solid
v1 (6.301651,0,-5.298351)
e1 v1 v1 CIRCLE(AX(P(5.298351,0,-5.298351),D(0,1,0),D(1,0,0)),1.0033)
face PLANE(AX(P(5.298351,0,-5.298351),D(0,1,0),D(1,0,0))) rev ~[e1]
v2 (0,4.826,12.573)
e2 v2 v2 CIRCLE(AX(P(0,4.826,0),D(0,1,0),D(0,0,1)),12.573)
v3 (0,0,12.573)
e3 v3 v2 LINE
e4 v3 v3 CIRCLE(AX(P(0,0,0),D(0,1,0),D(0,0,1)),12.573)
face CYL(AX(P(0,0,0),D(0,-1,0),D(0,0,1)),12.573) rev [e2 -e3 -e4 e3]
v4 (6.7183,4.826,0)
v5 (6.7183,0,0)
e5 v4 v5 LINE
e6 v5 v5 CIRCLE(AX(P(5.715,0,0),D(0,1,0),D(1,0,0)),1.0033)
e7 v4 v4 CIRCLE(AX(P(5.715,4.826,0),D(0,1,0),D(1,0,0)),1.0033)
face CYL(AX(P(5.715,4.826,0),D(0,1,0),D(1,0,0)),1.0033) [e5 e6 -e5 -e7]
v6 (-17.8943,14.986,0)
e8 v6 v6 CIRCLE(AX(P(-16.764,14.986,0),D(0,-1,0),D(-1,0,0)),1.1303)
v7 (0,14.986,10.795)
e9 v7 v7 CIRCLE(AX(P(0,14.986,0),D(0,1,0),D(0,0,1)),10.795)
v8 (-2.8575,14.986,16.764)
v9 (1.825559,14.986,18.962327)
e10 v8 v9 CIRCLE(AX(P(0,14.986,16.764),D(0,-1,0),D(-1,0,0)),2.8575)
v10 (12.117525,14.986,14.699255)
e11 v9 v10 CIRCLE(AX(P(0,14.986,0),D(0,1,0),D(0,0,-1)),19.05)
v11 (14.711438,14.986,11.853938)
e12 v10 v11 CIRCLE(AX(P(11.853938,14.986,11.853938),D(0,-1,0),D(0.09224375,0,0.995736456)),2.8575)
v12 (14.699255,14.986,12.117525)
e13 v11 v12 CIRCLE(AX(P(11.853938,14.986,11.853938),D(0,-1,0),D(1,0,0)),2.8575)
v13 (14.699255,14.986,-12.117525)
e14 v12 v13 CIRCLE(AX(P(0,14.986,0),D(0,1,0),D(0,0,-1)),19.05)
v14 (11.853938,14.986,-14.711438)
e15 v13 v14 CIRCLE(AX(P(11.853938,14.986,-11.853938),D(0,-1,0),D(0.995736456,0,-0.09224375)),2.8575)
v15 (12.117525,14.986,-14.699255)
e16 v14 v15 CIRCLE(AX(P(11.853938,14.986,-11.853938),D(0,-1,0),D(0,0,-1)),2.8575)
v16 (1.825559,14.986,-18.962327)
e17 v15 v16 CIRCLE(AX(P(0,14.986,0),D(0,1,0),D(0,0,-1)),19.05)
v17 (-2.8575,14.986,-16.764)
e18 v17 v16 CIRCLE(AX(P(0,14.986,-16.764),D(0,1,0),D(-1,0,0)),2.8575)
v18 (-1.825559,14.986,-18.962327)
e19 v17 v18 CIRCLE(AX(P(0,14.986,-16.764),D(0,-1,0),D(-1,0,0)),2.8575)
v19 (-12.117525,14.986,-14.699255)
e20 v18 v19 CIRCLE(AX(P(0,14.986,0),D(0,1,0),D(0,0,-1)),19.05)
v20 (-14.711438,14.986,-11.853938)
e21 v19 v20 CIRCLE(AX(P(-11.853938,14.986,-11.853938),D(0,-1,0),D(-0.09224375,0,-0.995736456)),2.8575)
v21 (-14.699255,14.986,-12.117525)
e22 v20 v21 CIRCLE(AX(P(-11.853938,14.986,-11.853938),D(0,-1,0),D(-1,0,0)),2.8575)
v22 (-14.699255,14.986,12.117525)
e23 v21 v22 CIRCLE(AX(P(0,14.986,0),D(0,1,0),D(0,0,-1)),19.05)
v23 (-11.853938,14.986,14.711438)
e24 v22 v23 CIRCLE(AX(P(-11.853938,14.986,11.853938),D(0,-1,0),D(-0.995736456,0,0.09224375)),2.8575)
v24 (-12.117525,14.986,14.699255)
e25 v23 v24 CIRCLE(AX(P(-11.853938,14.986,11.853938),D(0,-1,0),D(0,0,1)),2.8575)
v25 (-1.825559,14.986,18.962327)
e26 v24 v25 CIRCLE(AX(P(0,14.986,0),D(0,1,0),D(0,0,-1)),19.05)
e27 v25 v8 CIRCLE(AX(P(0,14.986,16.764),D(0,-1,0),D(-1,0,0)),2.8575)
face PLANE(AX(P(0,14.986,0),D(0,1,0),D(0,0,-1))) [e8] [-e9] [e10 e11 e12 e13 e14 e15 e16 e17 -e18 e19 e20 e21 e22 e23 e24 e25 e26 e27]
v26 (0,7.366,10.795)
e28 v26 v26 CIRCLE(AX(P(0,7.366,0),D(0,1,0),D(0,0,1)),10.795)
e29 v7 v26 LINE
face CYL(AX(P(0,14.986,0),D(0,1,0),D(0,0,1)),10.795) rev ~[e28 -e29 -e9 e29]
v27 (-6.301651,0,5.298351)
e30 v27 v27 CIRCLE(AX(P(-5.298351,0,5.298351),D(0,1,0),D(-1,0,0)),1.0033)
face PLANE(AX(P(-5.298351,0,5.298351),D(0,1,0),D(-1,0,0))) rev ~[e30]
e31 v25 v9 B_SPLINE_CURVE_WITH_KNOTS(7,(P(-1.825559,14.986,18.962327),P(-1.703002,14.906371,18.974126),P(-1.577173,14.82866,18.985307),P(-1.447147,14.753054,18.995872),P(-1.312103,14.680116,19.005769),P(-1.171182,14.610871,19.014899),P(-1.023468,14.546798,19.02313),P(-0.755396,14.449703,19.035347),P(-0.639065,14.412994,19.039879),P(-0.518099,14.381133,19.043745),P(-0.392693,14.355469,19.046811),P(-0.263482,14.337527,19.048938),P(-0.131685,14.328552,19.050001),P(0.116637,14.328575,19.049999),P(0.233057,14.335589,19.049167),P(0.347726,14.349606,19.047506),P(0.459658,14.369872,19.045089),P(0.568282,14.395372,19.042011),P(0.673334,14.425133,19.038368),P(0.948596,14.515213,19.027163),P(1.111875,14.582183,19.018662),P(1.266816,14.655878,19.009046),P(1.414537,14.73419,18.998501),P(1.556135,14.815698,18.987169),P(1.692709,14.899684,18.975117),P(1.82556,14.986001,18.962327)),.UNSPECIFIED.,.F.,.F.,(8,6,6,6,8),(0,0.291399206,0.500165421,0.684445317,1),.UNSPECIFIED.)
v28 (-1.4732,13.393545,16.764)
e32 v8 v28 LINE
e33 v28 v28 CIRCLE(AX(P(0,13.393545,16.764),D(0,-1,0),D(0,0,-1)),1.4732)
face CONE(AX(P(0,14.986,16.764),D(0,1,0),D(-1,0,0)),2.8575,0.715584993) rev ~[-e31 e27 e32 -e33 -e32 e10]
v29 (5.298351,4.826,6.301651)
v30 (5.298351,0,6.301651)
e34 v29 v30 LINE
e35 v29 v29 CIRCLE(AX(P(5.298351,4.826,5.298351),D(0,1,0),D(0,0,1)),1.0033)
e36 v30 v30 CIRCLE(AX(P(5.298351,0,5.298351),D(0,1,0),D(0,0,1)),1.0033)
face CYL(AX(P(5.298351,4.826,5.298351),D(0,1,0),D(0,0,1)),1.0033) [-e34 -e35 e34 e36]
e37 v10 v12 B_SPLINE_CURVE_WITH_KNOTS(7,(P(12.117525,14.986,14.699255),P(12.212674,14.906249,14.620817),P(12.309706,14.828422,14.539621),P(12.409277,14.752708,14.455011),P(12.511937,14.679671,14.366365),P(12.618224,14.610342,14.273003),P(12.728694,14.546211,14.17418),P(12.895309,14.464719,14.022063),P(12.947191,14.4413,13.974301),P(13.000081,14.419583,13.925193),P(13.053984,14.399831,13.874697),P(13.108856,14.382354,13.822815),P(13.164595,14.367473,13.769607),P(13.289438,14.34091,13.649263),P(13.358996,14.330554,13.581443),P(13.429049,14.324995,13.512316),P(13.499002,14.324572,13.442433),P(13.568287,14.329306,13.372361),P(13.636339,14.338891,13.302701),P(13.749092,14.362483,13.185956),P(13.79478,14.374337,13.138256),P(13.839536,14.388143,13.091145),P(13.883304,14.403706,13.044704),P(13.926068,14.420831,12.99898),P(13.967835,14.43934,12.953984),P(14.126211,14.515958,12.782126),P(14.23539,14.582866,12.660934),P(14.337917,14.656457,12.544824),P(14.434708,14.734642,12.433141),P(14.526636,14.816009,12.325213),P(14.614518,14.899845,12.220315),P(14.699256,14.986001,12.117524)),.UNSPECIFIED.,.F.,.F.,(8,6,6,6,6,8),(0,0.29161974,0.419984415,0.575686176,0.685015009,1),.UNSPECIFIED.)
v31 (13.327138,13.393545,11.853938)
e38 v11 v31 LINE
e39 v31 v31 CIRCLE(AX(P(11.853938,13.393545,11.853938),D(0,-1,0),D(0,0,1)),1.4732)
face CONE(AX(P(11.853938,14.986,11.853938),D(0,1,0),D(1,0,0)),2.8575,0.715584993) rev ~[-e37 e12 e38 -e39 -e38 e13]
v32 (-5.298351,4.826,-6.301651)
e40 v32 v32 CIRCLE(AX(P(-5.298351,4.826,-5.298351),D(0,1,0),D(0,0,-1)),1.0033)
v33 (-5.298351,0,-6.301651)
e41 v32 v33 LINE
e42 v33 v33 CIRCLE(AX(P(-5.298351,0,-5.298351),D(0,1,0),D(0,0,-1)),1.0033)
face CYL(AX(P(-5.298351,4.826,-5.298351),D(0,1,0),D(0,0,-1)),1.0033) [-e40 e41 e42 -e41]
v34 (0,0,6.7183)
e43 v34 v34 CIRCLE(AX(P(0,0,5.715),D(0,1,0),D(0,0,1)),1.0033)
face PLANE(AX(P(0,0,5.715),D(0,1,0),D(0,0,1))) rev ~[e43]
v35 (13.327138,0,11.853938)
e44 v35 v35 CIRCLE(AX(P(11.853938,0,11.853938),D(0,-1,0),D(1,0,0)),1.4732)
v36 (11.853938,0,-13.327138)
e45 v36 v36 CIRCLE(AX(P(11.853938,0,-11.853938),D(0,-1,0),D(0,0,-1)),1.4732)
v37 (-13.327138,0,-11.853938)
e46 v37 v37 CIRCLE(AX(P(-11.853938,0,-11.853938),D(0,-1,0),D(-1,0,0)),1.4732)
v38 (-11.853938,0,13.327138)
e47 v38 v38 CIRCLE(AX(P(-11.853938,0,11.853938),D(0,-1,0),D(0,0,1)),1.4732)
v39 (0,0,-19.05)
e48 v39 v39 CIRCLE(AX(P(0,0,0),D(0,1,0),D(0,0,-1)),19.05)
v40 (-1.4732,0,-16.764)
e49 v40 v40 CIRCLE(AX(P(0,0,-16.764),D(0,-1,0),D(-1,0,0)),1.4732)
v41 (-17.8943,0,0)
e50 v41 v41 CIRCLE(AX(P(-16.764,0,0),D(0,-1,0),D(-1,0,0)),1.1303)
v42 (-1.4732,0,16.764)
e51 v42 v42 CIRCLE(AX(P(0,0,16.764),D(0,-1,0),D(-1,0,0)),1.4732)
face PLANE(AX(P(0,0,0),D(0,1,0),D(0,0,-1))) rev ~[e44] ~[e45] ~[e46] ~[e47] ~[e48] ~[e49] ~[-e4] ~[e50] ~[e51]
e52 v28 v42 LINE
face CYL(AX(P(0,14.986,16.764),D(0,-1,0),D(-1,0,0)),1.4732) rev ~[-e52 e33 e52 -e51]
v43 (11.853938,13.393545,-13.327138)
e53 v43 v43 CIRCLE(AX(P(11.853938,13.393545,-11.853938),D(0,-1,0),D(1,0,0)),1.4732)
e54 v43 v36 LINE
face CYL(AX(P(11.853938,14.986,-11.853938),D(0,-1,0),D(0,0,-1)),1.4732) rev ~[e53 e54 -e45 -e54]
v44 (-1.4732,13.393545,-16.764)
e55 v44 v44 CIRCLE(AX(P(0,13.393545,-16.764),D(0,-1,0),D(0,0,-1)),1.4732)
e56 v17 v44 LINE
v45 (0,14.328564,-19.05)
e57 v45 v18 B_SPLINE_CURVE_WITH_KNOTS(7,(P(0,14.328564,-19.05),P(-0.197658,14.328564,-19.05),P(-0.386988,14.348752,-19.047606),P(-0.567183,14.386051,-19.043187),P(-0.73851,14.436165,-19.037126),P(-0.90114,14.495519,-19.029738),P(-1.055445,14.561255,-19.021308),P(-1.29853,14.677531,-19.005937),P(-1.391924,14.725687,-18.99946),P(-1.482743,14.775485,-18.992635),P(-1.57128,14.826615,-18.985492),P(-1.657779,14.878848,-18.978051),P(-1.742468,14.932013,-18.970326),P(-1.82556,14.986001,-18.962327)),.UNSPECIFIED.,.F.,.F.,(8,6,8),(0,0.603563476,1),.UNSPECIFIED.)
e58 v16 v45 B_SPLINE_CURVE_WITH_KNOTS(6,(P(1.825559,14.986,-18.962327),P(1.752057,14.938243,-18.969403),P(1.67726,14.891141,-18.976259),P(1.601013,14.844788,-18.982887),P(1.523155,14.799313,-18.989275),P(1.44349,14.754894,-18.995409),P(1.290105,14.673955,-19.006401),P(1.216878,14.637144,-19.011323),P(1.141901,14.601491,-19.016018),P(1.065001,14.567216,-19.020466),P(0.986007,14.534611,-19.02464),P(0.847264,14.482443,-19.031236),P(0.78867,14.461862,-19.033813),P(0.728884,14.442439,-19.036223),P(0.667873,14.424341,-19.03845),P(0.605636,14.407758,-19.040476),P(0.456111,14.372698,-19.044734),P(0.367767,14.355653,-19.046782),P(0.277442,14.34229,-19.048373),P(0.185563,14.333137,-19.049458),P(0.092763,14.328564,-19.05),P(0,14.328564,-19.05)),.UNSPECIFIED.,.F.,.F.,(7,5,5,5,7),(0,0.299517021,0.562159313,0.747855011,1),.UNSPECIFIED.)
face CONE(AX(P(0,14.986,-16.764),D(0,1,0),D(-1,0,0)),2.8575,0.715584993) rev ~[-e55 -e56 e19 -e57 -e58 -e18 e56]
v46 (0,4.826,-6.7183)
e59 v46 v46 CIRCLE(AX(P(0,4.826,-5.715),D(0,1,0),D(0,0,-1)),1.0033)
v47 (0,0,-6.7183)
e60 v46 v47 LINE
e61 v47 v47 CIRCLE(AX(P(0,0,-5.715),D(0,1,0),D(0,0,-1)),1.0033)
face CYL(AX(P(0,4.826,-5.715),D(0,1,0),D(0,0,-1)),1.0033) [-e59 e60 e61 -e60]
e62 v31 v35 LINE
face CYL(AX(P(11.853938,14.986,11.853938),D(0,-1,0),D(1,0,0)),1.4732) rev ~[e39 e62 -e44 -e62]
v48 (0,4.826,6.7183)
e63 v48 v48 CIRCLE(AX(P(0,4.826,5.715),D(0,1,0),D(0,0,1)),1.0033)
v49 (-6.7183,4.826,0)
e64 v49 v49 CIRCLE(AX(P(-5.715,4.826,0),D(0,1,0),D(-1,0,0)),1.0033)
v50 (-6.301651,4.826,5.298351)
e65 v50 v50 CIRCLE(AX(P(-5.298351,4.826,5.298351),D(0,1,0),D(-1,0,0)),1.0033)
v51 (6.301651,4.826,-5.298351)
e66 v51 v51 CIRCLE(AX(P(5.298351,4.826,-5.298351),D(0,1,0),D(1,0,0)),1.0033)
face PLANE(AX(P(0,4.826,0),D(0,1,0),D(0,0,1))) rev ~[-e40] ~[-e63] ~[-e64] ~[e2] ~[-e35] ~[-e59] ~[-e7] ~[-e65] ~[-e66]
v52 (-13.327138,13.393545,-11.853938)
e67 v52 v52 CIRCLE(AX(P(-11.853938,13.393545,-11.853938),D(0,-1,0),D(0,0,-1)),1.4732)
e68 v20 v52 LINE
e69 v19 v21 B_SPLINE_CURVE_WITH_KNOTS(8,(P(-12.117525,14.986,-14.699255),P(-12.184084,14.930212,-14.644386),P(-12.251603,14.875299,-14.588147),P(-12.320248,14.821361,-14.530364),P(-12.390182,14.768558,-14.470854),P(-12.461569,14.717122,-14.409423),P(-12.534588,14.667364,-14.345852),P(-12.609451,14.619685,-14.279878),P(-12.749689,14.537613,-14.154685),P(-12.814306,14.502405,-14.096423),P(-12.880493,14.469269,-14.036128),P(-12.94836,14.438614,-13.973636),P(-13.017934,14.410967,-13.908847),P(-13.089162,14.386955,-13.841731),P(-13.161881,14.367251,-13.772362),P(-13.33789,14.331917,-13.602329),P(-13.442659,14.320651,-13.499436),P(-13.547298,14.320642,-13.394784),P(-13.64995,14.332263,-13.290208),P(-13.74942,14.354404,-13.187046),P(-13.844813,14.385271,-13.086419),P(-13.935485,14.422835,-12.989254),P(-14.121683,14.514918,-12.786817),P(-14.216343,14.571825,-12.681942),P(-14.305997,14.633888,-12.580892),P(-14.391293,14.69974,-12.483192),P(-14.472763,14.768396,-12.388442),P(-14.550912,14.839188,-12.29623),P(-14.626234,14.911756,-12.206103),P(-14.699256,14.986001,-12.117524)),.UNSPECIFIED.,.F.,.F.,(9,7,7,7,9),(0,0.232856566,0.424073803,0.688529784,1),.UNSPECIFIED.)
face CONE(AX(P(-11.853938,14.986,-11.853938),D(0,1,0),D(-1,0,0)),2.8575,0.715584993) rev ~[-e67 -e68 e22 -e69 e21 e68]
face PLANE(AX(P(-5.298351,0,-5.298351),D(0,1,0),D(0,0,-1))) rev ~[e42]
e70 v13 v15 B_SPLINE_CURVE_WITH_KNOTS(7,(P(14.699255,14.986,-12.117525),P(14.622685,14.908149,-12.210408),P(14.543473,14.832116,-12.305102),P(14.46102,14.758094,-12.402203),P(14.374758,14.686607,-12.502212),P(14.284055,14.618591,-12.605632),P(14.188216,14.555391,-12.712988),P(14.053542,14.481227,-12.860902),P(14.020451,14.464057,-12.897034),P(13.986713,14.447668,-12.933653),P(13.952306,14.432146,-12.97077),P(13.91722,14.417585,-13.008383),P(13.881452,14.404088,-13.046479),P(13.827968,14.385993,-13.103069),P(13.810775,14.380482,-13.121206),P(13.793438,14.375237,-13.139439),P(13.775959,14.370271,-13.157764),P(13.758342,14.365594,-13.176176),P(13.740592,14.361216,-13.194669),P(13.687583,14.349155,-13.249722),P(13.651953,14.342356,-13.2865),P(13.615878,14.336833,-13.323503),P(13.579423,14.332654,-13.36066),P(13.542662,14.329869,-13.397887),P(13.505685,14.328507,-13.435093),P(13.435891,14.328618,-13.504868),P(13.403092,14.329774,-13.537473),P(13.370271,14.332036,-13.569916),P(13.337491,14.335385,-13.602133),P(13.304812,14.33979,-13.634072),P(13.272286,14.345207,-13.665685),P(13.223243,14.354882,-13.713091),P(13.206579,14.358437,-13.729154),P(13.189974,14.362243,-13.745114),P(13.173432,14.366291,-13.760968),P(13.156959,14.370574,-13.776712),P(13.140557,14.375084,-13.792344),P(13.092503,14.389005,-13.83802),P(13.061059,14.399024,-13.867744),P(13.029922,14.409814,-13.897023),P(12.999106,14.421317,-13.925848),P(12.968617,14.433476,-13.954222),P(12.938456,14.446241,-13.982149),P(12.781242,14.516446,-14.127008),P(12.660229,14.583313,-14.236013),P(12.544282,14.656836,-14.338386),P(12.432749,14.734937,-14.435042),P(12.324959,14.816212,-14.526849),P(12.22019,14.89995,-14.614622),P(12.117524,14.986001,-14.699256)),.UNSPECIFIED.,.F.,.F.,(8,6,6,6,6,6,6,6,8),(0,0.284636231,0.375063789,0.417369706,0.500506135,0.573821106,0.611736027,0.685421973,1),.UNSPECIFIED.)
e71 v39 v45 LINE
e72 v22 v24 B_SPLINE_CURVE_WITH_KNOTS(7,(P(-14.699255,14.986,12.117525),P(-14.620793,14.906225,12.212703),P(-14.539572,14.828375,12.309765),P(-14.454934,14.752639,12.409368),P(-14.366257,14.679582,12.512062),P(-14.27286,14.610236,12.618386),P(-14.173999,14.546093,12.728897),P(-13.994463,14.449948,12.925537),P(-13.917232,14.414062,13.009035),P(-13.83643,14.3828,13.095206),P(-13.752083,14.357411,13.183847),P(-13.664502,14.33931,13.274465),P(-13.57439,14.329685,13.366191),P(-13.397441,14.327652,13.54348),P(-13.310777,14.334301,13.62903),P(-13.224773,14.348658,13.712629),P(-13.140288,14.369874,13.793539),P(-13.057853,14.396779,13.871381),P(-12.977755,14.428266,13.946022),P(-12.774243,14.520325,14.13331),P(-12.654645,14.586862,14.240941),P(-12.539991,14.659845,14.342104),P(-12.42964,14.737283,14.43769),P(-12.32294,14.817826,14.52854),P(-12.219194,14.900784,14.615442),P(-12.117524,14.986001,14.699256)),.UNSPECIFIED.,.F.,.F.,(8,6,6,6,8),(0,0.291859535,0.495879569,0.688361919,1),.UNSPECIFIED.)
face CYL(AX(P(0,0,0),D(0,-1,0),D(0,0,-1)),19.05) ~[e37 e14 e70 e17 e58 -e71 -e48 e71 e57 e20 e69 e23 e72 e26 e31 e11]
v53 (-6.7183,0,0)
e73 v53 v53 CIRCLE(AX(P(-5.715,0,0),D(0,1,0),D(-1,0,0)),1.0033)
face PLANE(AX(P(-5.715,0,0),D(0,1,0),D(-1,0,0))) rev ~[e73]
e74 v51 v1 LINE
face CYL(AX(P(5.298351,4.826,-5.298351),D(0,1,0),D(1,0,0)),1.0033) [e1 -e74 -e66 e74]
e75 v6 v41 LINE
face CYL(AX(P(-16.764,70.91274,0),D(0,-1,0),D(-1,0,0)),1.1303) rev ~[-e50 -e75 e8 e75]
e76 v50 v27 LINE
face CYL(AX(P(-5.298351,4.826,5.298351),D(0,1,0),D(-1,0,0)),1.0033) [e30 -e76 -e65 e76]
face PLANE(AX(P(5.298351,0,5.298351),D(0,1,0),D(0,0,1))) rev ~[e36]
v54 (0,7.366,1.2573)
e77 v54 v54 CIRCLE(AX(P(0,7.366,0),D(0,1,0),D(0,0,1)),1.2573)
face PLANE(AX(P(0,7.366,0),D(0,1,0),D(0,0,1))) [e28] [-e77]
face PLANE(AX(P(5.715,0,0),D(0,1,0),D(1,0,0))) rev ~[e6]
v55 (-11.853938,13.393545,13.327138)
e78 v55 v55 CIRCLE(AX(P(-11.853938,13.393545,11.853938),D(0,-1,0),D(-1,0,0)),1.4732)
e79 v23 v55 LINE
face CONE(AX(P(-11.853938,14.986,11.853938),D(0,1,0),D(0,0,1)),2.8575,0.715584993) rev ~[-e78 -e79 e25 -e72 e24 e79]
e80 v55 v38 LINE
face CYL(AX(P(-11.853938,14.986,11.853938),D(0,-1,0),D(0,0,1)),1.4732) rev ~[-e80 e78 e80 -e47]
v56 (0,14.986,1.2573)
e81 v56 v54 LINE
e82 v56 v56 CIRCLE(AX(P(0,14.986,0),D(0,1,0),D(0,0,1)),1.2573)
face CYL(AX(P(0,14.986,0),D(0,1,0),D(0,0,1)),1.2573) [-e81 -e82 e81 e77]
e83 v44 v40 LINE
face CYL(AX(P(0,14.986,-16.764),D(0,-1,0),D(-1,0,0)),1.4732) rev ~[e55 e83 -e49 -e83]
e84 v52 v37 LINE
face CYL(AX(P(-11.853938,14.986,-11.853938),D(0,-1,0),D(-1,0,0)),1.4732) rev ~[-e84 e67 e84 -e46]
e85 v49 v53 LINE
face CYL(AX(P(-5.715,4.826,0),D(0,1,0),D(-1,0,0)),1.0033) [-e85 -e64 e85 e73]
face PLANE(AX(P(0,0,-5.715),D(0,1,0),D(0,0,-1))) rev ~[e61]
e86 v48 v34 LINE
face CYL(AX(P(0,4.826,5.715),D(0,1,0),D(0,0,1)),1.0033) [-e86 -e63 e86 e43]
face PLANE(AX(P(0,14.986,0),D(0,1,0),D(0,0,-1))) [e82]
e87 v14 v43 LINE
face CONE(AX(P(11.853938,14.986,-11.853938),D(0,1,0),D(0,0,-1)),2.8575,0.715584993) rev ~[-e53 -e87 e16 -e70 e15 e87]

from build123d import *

# Parameters (mm, degrees)
OUTER_R                                        = 19.05
BODY_DEPTH                                     = 14.986
INNER_R                                        = 12.573
POCKET_DEPTH                                   = 4.826
CSK_FOR_4_FLAT_HEAD_MACHINE_SCREW1_D           = 2.9464
CSK_FOR_4_FLAT_HEAD_MACHINE_SCREW1_CSINK_D     = 5.715
CSK_FOR_4_FLAT_HEAD_MACHINE_SCREW1_CSINK_ANGLE = 82
SCREW_HOLES_COUNT                              = 4
POST_START                                     = 4.826
POST_SKETCH_R                                  = 1.0033
POST_DEPTH                                     = 4.826
POSTS_COUNT                                    = 4
CUT_EXTRUDE1_START                             = 14.986
SOLONOID_SKETCH_R                              = 10.795
SOLONOID_SKETCH_R_2                            = 1.2573
CUT_EXTRUDE1_DEPTH                             = 7.62
F_4_40_TAPPED_HOLE1_D                          = 2.2606


with BuildPart() as part:
    # outer → Body (new body)
    with BuildSketch(Plane(origin=(0, 0, 0), x_dir=(1, 0, 0), z_dir=(0, 1, 0))):
        with Locations(Location((0, 0, 0), (0, 0, 90))):
            Circle(OUTER_R)
    extrude(amount=BODY_DEPTH)

    # inner → Pocket (cut)
    with BuildSketch(Plane(origin=(0, 0, 0), x_dir=(1, 0, 0), z_dir=(0, 1, 0))):
        with Locations(Location((0, 0, 0), (0, 0, 270))):
            Circle(INNER_R)
    extrude(amount=POCKET_DEPTH, mode=Mode.SUBTRACT)

    # CSK for #4 Flat Head Machine Screw1 (through all)
    with Locations(Plane(origin=(0, 14.986, 0), x_dir=(1, 0, 0), z_dir=(0, 1, 0))):
        with Locations((-11.85393808, 11.85393808)):
            csk_for_4_flat_head_machine_screw1 = CounterSinkHole(CSK_FOR_4_FLAT_HEAD_MACHINE_SCREW1_D / 2, CSK_FOR_4_FLAT_HEAD_MACHINE_SCREW1_CSINK_D / 2, counter_sink_angle=CSK_FOR_4_FLAT_HEAD_MACHINE_SCREW1_CSINK_ANGLE)

    # Screw Holes: CSK for #4 Flat Head Machine Screw1 ×4 about axis
    screw_holes_axis = Axis((0, 0, 0), (0, 1, 0))
    for i in range(1, SCREW_HOLES_COUNT):
        add(csk_for_4_flat_head_machine_screw1.rotate(screw_holes_axis, i * 360 / SCREW_HOLES_COUNT), mode=Mode.SUBTRACT)

    # Post Sketch → Post (add)
    with BuildSketch(Plane(origin=(0, 0, 0), x_dir=(1, 0, 0), z_dir=(0, 1, 0)).offset(POST_START)):
        with Locations(Location((0, -5.715, 0), (0, 0, 270))):
            Circle(POST_SKETCH_R)
        with Locations(Location((5.298351111, -5.298351111, 0), (0, 0, 270))):
            Circle(POST_SKETCH_R)
    post = extrude(amount=-POST_DEPTH)

    # Posts: Post ×4 about axis
    posts_axis = Axis((0, 0, 0), (0, 1, 0))
    for i in range(1, POSTS_COUNT):
        add(post.rotate(posts_axis, i * 360 / POSTS_COUNT))

    # Solonoid Sketch → Cut-Extrude1 (cut)
    with BuildSketch(Plane(origin=(0, 0, 0), x_dir=(1, 0, 0), z_dir=(0, 1, 0)).offset(CUT_EXTRUDE1_START)):
        with Locations(Location((0, 0, 0), (0, 0, 270))):
            Circle(SOLONOID_SKETCH_R)
        with Locations(Location((0, 0, 0), (0, 0, 270))):
            Circle(SOLONOID_SKETCH_R_2, mode=Mode.SUBTRACT)
    extrude(amount=-CUT_EXTRUDE1_DEPTH, mode=Mode.SUBTRACT)

    # Sketch-Pattern1: CSK for #4 Flat Head Machine Screw1 at 2 more places
    with Locations((11.853938, 0, -4.910062), (11.853938, 0, 28.617938)):
        add(csk_for_4_flat_head_machine_screw1, mode=Mode.SUBTRACT)

    # #4-40 Tapped Hole1 (through all)
    with Locations(Plane(origin=(0, 14.986, 0), x_dir=(1, 0, 0), z_dir=(0, 1, 0))):
        with Locations((-16.764, 0)):
            Hole(F_4_40_TAPPED_HOLE1_D / 2)


solid = part.part
